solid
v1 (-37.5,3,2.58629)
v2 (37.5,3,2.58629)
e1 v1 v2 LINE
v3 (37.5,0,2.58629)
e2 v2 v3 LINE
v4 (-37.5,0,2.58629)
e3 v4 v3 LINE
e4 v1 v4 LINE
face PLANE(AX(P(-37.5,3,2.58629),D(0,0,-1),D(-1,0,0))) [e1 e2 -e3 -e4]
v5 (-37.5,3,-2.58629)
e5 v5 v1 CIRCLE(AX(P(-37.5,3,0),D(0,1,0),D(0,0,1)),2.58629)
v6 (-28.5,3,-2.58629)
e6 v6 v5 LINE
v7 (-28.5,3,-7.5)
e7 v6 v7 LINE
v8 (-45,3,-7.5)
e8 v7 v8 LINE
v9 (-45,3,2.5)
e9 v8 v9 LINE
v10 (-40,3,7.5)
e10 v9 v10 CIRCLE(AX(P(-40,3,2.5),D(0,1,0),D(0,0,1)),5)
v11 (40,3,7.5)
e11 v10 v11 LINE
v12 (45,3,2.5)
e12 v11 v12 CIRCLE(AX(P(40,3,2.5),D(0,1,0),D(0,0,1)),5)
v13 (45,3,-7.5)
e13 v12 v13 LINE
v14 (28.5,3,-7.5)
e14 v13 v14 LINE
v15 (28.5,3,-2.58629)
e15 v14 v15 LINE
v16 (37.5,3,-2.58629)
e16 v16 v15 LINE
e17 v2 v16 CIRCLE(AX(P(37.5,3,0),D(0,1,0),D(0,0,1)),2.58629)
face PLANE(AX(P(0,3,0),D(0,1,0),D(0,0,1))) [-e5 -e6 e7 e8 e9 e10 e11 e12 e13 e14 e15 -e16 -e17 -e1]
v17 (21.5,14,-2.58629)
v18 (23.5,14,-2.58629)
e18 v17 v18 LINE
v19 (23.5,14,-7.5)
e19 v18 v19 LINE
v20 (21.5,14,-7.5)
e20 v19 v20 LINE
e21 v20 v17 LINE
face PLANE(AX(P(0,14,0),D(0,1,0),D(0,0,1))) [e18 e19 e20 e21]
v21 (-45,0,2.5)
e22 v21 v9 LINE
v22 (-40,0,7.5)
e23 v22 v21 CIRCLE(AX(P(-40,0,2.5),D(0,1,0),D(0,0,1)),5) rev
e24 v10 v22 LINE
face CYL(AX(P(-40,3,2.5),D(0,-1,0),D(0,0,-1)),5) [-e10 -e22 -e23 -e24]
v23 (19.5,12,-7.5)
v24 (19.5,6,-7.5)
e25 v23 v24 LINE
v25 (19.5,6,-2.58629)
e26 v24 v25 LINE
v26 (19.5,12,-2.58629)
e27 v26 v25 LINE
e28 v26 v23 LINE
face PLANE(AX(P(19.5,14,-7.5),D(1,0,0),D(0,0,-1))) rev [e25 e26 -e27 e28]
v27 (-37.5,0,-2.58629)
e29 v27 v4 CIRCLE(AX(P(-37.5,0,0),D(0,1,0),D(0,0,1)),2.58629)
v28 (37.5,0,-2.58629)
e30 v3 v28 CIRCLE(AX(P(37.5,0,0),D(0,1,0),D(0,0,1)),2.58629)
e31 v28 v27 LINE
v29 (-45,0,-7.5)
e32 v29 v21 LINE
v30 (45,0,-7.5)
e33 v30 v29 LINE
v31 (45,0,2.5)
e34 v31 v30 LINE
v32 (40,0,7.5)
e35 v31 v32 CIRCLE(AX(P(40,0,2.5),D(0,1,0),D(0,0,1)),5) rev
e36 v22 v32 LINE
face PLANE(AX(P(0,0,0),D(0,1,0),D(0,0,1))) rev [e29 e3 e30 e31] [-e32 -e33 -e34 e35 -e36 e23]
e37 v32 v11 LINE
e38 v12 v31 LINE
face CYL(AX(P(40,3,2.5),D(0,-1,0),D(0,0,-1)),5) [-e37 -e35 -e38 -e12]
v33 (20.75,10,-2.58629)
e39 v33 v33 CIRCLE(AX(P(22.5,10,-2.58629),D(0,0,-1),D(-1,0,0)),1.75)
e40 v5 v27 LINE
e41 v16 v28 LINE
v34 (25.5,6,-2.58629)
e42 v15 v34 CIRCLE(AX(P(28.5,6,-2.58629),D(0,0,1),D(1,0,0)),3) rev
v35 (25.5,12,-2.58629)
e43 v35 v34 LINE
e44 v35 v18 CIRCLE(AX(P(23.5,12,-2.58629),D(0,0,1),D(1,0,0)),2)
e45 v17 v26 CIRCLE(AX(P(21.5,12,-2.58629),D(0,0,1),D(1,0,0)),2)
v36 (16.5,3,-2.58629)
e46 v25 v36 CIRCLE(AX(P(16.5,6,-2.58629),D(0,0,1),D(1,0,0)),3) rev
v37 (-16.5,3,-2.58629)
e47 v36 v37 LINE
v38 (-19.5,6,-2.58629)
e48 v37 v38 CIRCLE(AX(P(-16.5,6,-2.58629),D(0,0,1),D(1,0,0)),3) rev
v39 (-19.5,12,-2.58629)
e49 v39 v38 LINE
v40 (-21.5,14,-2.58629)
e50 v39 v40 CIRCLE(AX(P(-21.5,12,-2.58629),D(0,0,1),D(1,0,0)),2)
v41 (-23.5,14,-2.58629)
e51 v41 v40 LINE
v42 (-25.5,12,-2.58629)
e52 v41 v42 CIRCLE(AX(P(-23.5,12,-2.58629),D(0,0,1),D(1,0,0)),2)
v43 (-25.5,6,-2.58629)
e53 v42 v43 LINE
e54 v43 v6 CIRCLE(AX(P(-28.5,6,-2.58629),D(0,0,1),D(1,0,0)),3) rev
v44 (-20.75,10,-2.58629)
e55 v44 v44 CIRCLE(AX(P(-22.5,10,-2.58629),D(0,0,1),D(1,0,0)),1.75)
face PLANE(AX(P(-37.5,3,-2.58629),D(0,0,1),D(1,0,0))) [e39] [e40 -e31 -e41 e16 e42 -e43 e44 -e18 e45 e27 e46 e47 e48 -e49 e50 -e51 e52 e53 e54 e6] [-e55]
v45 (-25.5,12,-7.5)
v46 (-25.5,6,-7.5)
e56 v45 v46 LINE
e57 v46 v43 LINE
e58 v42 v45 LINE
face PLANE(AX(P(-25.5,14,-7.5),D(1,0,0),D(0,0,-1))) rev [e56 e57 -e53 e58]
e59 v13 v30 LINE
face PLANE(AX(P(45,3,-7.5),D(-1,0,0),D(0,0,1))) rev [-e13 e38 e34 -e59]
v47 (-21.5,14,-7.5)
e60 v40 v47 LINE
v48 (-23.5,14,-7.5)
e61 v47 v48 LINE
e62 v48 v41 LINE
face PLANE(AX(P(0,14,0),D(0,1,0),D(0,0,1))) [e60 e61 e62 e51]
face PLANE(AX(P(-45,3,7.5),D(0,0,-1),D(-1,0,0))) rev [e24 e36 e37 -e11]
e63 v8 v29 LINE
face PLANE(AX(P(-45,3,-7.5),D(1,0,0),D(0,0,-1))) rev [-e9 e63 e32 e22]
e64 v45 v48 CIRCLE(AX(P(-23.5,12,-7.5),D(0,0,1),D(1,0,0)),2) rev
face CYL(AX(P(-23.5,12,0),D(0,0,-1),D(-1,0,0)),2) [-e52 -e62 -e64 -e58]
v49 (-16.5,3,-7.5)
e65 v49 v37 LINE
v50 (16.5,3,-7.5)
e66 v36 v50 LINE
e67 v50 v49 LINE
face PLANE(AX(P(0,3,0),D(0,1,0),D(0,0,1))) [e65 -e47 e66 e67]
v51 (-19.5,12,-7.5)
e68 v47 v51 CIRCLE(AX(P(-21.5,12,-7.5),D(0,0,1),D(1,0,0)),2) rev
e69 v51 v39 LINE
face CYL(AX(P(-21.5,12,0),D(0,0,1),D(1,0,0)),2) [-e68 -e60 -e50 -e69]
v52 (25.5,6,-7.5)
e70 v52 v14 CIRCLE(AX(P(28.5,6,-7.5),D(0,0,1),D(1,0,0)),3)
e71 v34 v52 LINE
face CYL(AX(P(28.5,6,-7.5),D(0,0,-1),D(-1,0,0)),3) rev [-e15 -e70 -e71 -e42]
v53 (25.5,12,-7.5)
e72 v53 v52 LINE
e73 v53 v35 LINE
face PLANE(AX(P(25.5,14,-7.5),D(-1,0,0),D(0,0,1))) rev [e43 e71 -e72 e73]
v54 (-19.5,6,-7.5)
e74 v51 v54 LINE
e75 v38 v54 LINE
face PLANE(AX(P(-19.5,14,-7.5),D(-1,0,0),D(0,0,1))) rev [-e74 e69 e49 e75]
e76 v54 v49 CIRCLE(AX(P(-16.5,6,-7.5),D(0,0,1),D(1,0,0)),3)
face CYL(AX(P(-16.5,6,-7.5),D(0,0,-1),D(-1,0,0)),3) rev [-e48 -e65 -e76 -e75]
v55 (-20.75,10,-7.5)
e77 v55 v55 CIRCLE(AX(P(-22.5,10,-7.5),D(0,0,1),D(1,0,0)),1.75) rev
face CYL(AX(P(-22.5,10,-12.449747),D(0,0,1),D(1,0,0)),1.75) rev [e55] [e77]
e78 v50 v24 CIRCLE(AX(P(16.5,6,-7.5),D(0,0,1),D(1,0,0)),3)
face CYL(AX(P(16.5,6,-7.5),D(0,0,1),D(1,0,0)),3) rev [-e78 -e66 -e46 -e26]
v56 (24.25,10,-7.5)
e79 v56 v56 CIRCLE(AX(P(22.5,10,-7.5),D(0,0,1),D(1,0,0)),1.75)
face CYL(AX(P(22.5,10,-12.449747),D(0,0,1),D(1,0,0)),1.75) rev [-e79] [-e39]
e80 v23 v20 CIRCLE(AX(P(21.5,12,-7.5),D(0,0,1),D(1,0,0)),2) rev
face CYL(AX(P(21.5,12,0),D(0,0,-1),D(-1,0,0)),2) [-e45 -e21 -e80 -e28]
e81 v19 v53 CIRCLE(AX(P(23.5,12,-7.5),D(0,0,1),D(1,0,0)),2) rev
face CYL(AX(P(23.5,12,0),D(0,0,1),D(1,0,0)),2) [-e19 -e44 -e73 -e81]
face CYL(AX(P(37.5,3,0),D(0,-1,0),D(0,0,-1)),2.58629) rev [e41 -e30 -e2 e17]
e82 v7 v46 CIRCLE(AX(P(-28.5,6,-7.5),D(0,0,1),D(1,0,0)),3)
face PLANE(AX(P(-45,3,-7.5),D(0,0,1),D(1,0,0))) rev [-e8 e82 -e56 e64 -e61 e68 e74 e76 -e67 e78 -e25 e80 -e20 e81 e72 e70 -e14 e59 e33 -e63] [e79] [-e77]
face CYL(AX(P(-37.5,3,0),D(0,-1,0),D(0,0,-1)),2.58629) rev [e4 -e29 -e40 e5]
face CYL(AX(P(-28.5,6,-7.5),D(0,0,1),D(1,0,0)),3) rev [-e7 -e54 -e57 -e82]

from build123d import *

# Parameters (mm, degrees)
SKETCH1_W           = 90
SKETCH1_H           = 15
BOSS_EXTRUDE1_DEPTH = 3
FILLET1_R           = 5
SKETCH2_W           = 6
SKETCH2_H           = 4.913709841
BOSS_EXTRUDE2_DEPTH = 11
SKETCH3_R           = 1.75
CUT_EXTRUDE1_DEPTH  = 4.913709841
FILLET2_R           = 2
FILLET3_R           = 3


with BuildPart() as part:
    # Sketch1 → Boss-Extrude1 (new body)
    with BuildSketch(Plane(origin=(0, 0, 0), x_dir=(1, 0, 0), z_dir=(0, 1, 0))):
        Rectangle(SKETCH1_W, SKETCH1_H)
        with BuildLine():
            Line((-37.5, 2.586290159), (37.5, 2.586290159))
            ThreePointArc((37.5, 2.586290159), (40.086290159, 0), (37.5, -2.586290159))
            Line((37.5, -2.586290159), (-37.5, -2.586290159))
            ThreePointArc((-37.5, -2.586290159), (-40.086290159, 0), (-37.5, 2.586290159))
        make_face(mode=Mode.SUBTRACT)
    extrude(amount=BOSS_EXTRUDE1_DEPTH)

    # Fillet1
    fillet1_edges = [part.edges().sort_by_distance(p)[0] for p in [
        (45, 1.5, 7.5),
        (-45, 1.5, 7.5),
    ]]
    fillet(fillet1_edges, radius=FILLET1_R)

    # Sketch2 → Boss-Extrude2 (add)
    with BuildSketch(Plane(origin=(0, 3, 0), x_dir=(1, 0, 0), z_dir=(0, 1, 0))):
        with Locations((-22.5, 5.04314508)):
            Rectangle(SKETCH2_W, SKETCH2_H)
        with Locations((22.5, 5.04314508)):
            Rectangle(SKETCH2_W, SKETCH2_H)
    extrude(amount=BOSS_EXTRUDE2_DEPTH)

    # Sketch3 → Cut-Extrude1 (cut)
    with BuildSketch(Plane.XY.offset(-2.586290159)):
        with Locations((-22.5, 10)):
            Circle(SKETCH3_R)
    cut_extrude1 = extrude(amount=-CUT_EXTRUDE1_DEPTH, mode=Mode.SUBTRACT)

    # Mirror1: Cut-Extrude1 across plane
    add(cut_extrude1.mirror(Plane(origin=(0, 0, 0), x_dir=(0, 0, 1), z_dir=(1, 0, 0))), mode=Mode.SUBTRACT)

    # Fillet2
    fillet2_edges = [part.edges().sort_by_distance(p)[0] for p in [
        (-25.5, 14, -5.043145079),
        (-19.5, 14, -5.043145079),
        (19.5, 14, -5.043145079),
        (25.5, 14, -5.043145079),
    ]]
    fillet(fillet2_edges, radius=FILLET2_R)

    # Fillet3
    fillet3_edges = [part.edges().sort_by_distance(p)[0] for p in [
        (-25.5, 3, -5.043145079),
        (-19.5, 3, -5.043145079),
        (19.5, 3, -5.043145079),
        (25.5, 3, -5.043145079),
    ]]
    fillet(fillet3_edges, radius=FILLET3_R)


solid = part.part
